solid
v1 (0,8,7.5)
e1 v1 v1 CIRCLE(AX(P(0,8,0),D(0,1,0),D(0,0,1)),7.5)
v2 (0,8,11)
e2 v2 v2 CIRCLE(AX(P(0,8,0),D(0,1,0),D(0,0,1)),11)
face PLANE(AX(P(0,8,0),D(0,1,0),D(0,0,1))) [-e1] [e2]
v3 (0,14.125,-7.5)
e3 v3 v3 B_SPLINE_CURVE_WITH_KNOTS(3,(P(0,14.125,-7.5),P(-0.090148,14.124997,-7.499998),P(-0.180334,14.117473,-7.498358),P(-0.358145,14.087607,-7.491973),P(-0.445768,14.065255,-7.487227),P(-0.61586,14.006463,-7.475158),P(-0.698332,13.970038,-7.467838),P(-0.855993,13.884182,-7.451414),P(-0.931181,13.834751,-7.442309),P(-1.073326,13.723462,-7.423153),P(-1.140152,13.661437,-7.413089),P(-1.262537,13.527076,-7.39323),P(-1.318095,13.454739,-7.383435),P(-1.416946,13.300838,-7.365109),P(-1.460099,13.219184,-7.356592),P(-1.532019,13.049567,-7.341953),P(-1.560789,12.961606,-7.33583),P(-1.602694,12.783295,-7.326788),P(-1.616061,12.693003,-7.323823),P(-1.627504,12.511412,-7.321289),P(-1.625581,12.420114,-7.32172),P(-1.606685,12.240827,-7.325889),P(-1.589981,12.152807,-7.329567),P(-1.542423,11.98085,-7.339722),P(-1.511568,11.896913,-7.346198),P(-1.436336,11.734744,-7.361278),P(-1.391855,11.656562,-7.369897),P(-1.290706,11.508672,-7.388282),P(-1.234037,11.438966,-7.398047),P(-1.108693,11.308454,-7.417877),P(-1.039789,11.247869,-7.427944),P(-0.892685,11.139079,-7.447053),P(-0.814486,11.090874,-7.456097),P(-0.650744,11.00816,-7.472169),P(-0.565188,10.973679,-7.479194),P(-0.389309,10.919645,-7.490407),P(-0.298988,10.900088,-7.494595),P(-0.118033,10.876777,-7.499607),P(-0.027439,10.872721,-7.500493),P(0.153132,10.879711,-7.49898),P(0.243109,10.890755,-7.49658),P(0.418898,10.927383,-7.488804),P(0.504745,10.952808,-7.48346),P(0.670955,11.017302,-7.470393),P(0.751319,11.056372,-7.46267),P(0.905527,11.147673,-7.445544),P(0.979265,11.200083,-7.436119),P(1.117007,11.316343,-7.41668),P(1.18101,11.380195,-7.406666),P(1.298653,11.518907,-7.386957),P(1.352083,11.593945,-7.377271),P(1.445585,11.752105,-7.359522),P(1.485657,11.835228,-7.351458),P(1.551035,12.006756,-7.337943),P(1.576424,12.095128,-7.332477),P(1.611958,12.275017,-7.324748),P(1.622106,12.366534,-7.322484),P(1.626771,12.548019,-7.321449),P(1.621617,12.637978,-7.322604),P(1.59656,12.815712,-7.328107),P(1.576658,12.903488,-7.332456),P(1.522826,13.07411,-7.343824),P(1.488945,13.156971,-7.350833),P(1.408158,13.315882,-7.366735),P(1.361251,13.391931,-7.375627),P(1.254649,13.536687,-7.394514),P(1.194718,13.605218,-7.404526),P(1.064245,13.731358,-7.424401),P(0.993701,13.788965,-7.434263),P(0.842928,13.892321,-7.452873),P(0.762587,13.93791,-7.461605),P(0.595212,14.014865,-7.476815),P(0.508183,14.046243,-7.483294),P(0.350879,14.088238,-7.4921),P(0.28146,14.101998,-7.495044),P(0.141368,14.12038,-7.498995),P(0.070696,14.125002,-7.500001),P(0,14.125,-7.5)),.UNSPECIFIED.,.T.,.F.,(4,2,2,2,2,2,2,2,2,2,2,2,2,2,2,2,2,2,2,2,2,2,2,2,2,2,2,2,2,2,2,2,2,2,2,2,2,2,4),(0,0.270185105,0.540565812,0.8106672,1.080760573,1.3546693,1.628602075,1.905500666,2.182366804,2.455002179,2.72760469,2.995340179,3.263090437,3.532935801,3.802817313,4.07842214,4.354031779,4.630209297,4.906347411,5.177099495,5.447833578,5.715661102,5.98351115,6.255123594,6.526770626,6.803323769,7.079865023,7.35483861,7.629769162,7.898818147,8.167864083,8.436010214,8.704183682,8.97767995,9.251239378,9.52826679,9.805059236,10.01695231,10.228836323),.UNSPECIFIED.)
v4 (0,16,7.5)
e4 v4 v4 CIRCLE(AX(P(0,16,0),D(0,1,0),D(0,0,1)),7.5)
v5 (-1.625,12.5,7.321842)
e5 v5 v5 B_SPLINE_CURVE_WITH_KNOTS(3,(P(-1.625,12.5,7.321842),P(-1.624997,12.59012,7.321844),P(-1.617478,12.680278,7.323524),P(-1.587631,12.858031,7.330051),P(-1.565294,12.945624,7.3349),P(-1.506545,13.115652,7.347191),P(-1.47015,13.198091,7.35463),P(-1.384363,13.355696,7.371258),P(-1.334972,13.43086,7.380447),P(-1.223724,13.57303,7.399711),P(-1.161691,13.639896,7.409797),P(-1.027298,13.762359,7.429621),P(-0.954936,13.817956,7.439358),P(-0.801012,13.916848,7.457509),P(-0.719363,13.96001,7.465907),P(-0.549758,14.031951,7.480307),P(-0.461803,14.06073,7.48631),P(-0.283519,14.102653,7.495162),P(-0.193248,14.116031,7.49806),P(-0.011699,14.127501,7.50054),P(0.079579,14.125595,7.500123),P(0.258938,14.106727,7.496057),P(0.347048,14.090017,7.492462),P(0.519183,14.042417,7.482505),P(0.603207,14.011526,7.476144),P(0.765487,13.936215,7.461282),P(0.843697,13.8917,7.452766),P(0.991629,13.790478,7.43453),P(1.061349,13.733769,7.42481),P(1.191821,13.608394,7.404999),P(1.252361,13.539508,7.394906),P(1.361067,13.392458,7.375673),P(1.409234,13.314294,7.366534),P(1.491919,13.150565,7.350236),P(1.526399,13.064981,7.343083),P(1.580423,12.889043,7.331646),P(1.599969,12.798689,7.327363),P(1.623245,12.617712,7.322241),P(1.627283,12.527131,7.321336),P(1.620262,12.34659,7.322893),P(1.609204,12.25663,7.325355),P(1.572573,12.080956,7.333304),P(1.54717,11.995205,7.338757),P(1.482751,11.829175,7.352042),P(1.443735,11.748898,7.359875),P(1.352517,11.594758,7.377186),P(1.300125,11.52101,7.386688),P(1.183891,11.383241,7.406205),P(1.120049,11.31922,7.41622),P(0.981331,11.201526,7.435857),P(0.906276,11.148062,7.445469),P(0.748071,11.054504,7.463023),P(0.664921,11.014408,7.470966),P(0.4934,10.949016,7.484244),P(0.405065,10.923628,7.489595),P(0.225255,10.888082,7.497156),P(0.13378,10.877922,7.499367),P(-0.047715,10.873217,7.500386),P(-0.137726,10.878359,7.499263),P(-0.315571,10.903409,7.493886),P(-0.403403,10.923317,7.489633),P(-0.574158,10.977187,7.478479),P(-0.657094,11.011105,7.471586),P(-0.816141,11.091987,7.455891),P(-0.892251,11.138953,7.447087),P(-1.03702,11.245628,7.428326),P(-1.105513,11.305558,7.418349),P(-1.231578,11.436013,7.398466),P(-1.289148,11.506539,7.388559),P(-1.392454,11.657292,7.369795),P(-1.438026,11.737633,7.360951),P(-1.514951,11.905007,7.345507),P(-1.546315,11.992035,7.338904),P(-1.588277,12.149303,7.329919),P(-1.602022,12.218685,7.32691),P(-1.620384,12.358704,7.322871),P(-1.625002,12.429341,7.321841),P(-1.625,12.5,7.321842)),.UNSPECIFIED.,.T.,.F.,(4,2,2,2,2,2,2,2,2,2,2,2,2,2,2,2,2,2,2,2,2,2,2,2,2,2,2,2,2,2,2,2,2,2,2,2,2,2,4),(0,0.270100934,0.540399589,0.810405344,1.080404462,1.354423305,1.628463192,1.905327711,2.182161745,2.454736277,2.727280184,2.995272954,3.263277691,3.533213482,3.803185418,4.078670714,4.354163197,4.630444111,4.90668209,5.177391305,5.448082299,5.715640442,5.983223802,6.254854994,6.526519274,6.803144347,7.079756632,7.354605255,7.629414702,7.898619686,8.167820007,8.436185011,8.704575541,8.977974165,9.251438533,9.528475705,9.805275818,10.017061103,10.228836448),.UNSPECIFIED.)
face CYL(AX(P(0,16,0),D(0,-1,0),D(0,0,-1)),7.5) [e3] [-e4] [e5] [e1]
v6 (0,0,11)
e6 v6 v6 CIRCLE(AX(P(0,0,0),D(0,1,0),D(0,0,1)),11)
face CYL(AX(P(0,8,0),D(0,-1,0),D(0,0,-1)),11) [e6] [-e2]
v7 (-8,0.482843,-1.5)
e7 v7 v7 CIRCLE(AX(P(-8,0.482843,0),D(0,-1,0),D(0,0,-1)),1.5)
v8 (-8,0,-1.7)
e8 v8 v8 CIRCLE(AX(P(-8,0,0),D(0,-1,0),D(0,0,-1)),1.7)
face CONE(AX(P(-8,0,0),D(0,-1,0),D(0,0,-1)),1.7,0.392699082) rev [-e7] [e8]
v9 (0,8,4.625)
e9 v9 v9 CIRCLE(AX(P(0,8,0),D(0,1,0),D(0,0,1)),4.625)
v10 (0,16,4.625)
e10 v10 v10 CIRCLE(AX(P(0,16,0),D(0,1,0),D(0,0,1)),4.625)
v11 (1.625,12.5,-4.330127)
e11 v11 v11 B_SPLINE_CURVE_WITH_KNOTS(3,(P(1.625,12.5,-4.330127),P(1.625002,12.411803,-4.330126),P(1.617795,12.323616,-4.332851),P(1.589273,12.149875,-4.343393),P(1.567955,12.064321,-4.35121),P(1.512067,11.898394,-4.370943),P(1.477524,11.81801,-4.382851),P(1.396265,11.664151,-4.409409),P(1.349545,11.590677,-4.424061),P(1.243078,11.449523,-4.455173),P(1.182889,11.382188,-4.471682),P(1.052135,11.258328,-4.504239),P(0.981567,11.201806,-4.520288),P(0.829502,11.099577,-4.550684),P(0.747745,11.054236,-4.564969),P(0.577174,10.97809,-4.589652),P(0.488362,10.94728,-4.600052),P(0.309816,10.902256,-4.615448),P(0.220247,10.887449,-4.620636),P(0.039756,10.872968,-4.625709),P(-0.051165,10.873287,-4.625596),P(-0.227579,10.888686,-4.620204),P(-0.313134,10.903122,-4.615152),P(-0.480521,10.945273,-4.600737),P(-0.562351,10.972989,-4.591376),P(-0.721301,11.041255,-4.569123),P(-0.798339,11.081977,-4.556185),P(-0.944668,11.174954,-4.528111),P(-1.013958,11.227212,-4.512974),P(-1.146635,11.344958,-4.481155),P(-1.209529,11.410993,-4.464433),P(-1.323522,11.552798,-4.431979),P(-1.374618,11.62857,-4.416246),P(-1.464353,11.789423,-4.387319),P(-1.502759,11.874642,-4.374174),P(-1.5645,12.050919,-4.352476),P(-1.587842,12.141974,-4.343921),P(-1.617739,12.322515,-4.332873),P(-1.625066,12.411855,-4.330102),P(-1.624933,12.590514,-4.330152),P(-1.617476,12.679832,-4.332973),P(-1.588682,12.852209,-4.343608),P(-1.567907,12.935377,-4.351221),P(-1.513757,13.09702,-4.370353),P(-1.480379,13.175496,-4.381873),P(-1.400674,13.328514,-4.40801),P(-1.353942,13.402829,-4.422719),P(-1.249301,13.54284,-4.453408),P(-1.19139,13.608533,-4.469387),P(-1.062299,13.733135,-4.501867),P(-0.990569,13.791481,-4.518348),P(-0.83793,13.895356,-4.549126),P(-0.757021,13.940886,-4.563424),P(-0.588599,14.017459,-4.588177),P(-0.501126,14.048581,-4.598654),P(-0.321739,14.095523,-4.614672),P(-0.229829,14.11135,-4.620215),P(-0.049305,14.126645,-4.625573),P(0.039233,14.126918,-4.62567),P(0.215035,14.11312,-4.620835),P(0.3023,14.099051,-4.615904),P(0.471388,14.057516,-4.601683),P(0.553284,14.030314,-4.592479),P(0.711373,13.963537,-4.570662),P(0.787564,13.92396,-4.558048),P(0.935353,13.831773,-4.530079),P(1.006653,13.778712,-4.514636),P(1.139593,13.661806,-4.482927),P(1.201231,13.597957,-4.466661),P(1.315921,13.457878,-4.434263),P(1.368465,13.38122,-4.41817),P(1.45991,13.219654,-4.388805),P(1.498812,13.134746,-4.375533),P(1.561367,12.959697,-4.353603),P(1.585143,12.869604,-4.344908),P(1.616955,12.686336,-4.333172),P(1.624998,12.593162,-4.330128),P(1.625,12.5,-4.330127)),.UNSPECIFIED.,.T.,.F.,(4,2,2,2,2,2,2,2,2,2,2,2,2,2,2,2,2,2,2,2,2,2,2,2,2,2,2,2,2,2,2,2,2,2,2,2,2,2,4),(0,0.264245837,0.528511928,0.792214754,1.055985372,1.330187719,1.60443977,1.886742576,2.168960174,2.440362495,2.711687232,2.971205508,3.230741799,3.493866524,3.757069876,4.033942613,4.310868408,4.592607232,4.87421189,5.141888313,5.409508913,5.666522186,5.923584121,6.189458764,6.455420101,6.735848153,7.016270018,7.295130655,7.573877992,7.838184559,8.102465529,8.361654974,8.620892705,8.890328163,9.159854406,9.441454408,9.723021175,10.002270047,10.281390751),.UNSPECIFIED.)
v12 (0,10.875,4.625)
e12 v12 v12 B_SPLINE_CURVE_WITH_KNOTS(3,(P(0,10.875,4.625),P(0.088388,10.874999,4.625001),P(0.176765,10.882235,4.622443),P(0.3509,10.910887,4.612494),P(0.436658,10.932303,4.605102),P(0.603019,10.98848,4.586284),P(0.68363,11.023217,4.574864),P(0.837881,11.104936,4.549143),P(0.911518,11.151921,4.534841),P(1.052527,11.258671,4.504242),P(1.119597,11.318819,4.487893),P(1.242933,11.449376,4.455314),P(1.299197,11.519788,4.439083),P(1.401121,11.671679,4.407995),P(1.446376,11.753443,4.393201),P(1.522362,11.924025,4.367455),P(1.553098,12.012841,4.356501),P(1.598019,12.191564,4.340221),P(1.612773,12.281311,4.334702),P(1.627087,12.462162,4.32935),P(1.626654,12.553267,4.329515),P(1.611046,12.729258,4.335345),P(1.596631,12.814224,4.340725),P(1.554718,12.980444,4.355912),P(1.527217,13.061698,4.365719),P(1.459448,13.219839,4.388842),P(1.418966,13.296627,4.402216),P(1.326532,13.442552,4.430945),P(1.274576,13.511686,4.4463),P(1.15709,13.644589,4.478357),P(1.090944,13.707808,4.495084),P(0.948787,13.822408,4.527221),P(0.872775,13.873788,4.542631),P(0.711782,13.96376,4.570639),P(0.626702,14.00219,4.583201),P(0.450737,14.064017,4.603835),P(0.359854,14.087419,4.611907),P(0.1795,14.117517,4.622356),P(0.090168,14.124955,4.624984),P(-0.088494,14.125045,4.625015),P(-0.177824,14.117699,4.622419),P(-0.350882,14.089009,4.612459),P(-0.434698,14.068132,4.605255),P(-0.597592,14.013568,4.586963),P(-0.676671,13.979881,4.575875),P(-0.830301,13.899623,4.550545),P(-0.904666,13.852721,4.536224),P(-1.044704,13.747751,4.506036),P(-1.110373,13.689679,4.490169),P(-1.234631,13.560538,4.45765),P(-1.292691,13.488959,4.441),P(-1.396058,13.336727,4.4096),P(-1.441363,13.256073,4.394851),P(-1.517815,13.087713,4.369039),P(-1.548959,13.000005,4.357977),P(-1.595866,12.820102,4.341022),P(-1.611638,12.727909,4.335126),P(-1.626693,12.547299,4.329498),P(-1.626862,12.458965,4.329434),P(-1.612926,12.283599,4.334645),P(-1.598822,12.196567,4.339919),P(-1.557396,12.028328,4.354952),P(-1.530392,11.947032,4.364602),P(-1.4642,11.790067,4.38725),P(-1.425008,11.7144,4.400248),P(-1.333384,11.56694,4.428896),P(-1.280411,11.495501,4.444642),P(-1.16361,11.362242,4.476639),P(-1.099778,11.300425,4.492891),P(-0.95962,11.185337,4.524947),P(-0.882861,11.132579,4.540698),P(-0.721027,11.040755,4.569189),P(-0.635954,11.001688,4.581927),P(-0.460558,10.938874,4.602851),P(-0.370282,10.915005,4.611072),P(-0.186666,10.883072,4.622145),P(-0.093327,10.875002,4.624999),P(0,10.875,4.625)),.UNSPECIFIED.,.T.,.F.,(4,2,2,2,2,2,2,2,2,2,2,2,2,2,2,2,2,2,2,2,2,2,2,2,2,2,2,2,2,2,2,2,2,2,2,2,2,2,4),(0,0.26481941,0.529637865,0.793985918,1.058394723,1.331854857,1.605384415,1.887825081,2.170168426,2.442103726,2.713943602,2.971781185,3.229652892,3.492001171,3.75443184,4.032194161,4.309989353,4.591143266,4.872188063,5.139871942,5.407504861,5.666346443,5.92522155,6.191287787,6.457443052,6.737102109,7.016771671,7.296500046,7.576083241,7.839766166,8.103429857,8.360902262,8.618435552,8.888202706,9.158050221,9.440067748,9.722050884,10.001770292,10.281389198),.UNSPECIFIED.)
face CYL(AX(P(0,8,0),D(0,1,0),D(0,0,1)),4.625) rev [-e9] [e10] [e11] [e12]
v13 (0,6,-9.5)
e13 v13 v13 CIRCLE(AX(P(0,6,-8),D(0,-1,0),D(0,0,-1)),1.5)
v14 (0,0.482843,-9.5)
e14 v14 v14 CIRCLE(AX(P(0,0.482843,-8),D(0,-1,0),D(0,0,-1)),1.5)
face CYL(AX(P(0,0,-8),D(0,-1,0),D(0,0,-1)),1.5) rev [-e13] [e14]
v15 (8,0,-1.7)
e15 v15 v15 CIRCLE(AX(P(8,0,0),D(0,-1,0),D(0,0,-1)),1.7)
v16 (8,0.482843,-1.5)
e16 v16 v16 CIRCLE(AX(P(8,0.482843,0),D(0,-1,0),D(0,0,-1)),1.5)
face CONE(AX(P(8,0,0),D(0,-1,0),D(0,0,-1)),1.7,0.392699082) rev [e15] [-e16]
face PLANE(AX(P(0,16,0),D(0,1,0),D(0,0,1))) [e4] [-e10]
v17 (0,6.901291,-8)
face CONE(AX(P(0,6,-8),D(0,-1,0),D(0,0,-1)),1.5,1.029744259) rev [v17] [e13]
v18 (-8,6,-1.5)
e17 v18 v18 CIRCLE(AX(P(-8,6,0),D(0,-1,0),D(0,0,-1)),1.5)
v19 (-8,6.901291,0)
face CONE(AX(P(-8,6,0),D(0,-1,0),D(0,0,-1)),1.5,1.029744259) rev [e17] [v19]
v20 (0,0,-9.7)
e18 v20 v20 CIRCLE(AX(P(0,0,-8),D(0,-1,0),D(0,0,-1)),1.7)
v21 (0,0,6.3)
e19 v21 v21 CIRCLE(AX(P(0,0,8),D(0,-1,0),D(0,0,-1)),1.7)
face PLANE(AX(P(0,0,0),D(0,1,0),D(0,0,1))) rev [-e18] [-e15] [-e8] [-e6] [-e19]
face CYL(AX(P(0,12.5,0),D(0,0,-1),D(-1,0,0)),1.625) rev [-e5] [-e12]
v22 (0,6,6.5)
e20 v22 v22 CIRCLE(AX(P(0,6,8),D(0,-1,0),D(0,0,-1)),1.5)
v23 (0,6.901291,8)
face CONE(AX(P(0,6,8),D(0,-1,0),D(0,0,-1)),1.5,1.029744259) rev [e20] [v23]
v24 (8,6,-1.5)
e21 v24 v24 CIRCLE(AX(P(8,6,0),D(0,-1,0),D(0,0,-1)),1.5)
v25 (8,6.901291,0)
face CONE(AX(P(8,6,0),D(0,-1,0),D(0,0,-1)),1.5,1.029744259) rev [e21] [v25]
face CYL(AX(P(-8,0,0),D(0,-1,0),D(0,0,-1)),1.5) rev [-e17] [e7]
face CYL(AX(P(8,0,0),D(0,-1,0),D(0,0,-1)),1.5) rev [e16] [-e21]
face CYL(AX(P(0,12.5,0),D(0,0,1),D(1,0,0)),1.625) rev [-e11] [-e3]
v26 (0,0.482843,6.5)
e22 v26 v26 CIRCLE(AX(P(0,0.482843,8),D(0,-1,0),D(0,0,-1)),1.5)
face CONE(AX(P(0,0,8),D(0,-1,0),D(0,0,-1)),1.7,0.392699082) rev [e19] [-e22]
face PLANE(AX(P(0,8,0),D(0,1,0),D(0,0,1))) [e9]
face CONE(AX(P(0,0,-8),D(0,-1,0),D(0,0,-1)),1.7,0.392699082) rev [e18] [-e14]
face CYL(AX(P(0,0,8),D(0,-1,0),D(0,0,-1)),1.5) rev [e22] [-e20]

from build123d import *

# Parameters (mm, degrees)
SKETCH1_R           = 11
BOSS_EXTRUDE1_DEPTH = 8
SKETCH2_R           = 7.5
BOSS_EXTRUDE2_DEPTH = 8
SKETCH3_R           = 4.625
CUT_EXTRUDE1_DEPTH  = 8
CIRPATTERN1_COUNT   = 4
SKETCH10_W          = 1.625
SKETCH10_H          = 11


with BuildPart() as part:
    # Sketch1 → Boss-Extrude1 (new body)
    with BuildSketch(Plane(origin=(0, 0, 0), x_dir=(1, 0, 0), z_dir=(0, 1, 0))):
        with Locations(Location((0, 0, 0), (0, 0, 270))):
            Circle(SKETCH1_R)
    extrude(amount=BOSS_EXTRUDE1_DEPTH)

    # Sketch2 → Boss-Extrude2 (add)
    with BuildSketch(Plane(origin=(0, 8, 0), x_dir=(1, 0, 0), z_dir=(0, 1, 0))):
        with Locations(Location((0, 0, 0), (0, 0, 270))):
            Circle(SKETCH2_R)
    extrude(amount=BOSS_EXTRUDE2_DEPTH)

    # Sketch3 → Cut-Extrude1 (cut)
    with BuildSketch(Plane(origin=(0, 16, 0), x_dir=(1, 0, 0), z_dir=(0, 1, 0))):
        with Locations(Location((0, 0, 0), (0, 0, 270))):
            Circle(SKETCH3_R)
    extrude(amount=-CUT_EXTRUDE1_DEPTH, mode=Mode.SUBTRACT)

    # Sketch7 → Ø3.0mm Dowel Hole1 (revolve, cut)
    with BuildSketch(Plane(origin=(8, 0, 0), x_dir=(0, 0, -1), z_dir=(1, 0, 0))):
        Polygon((0, 0), (0, 6.901290929), (1.5, 6), (1.5, 0.482842712), (1.7, 0), align=None)
    f_3_0mm_dowel_hole1 = revolve(axis=Axis((8, -6.35, 0), (0, 1, 0)), mode=Mode.SUBTRACT)

    # CirPattern1: Ø3.0mm Dowel Hole1 ×4 about axis
    cirpattern1_axis = Axis((0, 0, 0), (0, 1, 0))
    for i in range(1, CIRPATTERN1_COUNT):
        add(f_3_0mm_dowel_hole1.rotate(cirpattern1_axis, i * 360 / CIRPATTERN1_COUNT), mode=Mode.SUBTRACT)

    # Sketch10 → Ø5.0mm Dowel Hole1 (revolve, cut)
    with BuildSketch(Plane(origin=(0, 12.5, 0), x_dir=(0, 1, 0), z_dir=(1, 0, 0))):
        with Locations((0.8125, 5.5)):
            Rectangle(SKETCH10_W, SKETCH10_H)
    f_5_0mm_dowel_hole1 = revolve(axis=Axis((0, 12.5, -6.35), (0, 0, 1)), mode=Mode.SUBTRACT)

    # Mirror1: Ø5.0mm Dowel Hole1 across plane
    add(f_5_0mm_dowel_hole1.mirror(Plane.XY), mode=Mode.SUBTRACT)


solid = part.part
